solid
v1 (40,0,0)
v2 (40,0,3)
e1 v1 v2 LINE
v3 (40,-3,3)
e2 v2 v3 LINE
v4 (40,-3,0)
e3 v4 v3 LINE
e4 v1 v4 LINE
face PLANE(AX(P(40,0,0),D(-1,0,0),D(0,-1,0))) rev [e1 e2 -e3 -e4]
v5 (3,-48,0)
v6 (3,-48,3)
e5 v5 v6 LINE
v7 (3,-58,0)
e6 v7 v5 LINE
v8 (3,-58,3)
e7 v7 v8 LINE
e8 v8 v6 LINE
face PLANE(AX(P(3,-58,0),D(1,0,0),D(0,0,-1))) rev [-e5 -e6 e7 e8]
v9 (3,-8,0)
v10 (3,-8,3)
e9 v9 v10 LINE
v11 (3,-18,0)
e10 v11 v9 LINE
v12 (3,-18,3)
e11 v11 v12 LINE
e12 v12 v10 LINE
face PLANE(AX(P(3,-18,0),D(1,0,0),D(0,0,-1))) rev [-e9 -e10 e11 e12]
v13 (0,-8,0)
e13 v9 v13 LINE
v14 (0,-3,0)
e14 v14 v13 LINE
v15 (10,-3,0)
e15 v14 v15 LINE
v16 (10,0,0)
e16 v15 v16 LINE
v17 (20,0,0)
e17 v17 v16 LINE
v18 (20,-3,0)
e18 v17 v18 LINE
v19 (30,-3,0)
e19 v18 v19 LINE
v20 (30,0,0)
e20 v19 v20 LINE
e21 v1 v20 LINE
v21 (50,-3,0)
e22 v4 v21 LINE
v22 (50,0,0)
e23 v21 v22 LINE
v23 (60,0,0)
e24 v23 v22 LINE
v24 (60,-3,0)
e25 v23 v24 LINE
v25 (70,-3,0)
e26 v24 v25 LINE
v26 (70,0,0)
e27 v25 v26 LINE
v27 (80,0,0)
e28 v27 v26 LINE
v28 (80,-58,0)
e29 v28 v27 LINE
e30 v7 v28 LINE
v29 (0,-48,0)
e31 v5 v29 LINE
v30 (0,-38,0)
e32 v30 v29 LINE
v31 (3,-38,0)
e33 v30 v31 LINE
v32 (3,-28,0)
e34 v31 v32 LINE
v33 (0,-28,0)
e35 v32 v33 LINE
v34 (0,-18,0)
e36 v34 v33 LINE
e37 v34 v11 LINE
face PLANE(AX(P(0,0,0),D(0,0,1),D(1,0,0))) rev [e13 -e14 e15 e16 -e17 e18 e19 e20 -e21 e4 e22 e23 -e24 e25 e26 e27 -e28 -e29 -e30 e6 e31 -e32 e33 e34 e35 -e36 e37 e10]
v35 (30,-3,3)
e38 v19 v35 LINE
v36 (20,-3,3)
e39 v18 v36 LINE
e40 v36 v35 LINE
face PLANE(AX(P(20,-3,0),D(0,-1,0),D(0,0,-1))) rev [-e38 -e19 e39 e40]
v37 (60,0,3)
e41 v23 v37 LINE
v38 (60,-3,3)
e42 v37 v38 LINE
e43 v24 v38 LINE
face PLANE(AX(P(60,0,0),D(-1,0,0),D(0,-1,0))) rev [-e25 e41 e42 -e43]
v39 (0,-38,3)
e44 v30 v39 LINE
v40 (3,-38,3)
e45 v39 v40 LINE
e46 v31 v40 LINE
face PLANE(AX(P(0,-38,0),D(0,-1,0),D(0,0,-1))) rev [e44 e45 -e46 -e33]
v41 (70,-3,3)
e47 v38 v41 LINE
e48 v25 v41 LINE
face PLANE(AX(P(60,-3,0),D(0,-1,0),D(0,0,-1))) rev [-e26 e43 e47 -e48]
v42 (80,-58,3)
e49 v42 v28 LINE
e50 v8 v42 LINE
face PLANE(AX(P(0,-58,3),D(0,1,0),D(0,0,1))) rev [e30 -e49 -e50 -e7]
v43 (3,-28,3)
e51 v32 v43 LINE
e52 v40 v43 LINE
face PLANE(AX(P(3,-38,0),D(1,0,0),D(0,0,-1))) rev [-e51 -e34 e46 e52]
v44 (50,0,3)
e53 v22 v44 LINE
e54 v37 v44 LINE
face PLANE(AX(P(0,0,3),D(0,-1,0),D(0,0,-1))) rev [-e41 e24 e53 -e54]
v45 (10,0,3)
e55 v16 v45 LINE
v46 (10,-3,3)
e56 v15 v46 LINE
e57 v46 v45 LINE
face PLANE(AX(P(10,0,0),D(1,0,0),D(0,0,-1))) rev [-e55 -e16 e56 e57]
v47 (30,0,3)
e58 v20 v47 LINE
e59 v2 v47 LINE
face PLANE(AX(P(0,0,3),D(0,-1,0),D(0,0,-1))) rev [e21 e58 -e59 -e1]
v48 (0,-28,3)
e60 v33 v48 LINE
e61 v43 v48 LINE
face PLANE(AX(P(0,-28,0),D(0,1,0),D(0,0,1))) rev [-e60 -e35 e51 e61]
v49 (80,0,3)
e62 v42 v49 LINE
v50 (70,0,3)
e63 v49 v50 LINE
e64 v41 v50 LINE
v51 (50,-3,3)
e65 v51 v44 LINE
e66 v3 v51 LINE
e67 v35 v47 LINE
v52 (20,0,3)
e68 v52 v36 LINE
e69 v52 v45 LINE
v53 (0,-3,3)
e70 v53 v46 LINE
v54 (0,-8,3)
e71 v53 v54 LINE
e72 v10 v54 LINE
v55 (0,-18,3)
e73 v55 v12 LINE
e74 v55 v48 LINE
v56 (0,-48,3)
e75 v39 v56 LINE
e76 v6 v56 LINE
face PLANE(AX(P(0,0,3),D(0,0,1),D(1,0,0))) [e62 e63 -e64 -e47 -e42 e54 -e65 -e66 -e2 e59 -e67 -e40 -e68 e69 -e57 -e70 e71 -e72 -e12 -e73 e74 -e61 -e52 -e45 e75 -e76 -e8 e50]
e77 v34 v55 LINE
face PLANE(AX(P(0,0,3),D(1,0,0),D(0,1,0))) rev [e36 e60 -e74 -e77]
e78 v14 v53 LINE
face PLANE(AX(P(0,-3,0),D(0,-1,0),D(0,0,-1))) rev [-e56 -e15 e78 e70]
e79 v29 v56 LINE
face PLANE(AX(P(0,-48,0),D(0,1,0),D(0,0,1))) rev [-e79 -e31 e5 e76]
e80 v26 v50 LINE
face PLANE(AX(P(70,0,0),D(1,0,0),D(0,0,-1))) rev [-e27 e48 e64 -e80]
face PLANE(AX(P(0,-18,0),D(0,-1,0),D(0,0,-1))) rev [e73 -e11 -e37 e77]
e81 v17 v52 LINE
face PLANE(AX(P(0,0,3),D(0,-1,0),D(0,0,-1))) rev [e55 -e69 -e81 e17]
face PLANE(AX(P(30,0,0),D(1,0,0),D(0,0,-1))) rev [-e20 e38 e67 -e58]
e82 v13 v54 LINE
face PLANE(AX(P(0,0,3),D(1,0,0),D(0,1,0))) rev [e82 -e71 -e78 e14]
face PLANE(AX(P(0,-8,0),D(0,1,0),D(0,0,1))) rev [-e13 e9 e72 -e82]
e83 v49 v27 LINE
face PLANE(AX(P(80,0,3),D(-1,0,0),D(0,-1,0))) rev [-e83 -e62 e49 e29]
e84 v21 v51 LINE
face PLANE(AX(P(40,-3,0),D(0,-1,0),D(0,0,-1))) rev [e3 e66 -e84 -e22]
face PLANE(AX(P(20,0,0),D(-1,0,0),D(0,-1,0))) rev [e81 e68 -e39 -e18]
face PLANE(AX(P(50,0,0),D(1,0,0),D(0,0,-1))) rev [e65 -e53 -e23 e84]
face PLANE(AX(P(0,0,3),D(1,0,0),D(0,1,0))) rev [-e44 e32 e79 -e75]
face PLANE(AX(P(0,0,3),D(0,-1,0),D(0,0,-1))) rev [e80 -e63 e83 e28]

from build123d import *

# Parameters (mm, degrees)
ESQUISSE1_W                = 80
ESQUISSE1_H                = 58
BOSS_EXTRU_1_DEPTH         = 3
ESQUISSE2_W                = 10
ESQUISSE2_H                = 3
ENL_V_MAT_EXTRU_1_DEPTH    = 4
R_P_TITION_LIN_AIRE1_COUNT = 4
R_P_TITION_LIN_AIRE1_PITCH = 20
ESQUISSE3_W                = 3
ESQUISSE3_H                = 10
ENL_V_MAT_EXTRU_2_DEPTH    = 4
R_P_TITION_LIN_AIRE2_COUNT = 3
R_P_TITION_LIN_AIRE2_PITCH = 20


with BuildPart() as part:
    # Esquisse1 → Boss.-Extru.1 (new body)
    with BuildSketch(Plane.XY):
        with Locations((40, -29)):
            Rectangle(ESQUISSE1_W, ESQUISSE1_H)
    extrude(amount=BOSS_EXTRU_1_DEPTH)

    # Esquisse2 → Enlèv. mat.-Extru.1 (cut, through all)
    with BuildSketch(Plane.XY.offset(3)):
        with Locations((5, -1.5)):
            Rectangle(ESQUISSE2_W, ESQUISSE2_H)
    enl_v_mat_extru_1 = extrude(amount=-ENL_V_MAT_EXTRU_1_DEPTH, mode=Mode.SUBTRACT)

    # Répétition linéaire1: Enlèv. mat.-Extru.1 ×4
    with Locations(*[(i * R_P_TITION_LIN_AIRE1_PITCH, 0, 0) for i in range(1, R_P_TITION_LIN_AIRE1_COUNT)]):
        add(enl_v_mat_extru_1, mode=Mode.SUBTRACT)

    # Esquisse3 → Enlèv. mat.-Extru.2 (cut, through all)
    with BuildSketch(Plane.XY.offset(3)):
        with Locations((1.5, -53)):
            Rectangle(ESQUISSE3_W, ESQUISSE3_H)
    enl_v_mat_extru_2 = extrude(amount=-ENL_V_MAT_EXTRU_2_DEPTH, mode=Mode.SUBTRACT)

    # Répétition linéaire2: Enlèv. mat.-Extru.2 ×3
    with Locations(*[(0, i * R_P_TITION_LIN_AIRE2_PITCH, 0) for i in range(1, R_P_TITION_LIN_AIRE2_COUNT)]):
        add(enl_v_mat_extru_2, mode=Mode.SUBTRACT)


solid = part.part
